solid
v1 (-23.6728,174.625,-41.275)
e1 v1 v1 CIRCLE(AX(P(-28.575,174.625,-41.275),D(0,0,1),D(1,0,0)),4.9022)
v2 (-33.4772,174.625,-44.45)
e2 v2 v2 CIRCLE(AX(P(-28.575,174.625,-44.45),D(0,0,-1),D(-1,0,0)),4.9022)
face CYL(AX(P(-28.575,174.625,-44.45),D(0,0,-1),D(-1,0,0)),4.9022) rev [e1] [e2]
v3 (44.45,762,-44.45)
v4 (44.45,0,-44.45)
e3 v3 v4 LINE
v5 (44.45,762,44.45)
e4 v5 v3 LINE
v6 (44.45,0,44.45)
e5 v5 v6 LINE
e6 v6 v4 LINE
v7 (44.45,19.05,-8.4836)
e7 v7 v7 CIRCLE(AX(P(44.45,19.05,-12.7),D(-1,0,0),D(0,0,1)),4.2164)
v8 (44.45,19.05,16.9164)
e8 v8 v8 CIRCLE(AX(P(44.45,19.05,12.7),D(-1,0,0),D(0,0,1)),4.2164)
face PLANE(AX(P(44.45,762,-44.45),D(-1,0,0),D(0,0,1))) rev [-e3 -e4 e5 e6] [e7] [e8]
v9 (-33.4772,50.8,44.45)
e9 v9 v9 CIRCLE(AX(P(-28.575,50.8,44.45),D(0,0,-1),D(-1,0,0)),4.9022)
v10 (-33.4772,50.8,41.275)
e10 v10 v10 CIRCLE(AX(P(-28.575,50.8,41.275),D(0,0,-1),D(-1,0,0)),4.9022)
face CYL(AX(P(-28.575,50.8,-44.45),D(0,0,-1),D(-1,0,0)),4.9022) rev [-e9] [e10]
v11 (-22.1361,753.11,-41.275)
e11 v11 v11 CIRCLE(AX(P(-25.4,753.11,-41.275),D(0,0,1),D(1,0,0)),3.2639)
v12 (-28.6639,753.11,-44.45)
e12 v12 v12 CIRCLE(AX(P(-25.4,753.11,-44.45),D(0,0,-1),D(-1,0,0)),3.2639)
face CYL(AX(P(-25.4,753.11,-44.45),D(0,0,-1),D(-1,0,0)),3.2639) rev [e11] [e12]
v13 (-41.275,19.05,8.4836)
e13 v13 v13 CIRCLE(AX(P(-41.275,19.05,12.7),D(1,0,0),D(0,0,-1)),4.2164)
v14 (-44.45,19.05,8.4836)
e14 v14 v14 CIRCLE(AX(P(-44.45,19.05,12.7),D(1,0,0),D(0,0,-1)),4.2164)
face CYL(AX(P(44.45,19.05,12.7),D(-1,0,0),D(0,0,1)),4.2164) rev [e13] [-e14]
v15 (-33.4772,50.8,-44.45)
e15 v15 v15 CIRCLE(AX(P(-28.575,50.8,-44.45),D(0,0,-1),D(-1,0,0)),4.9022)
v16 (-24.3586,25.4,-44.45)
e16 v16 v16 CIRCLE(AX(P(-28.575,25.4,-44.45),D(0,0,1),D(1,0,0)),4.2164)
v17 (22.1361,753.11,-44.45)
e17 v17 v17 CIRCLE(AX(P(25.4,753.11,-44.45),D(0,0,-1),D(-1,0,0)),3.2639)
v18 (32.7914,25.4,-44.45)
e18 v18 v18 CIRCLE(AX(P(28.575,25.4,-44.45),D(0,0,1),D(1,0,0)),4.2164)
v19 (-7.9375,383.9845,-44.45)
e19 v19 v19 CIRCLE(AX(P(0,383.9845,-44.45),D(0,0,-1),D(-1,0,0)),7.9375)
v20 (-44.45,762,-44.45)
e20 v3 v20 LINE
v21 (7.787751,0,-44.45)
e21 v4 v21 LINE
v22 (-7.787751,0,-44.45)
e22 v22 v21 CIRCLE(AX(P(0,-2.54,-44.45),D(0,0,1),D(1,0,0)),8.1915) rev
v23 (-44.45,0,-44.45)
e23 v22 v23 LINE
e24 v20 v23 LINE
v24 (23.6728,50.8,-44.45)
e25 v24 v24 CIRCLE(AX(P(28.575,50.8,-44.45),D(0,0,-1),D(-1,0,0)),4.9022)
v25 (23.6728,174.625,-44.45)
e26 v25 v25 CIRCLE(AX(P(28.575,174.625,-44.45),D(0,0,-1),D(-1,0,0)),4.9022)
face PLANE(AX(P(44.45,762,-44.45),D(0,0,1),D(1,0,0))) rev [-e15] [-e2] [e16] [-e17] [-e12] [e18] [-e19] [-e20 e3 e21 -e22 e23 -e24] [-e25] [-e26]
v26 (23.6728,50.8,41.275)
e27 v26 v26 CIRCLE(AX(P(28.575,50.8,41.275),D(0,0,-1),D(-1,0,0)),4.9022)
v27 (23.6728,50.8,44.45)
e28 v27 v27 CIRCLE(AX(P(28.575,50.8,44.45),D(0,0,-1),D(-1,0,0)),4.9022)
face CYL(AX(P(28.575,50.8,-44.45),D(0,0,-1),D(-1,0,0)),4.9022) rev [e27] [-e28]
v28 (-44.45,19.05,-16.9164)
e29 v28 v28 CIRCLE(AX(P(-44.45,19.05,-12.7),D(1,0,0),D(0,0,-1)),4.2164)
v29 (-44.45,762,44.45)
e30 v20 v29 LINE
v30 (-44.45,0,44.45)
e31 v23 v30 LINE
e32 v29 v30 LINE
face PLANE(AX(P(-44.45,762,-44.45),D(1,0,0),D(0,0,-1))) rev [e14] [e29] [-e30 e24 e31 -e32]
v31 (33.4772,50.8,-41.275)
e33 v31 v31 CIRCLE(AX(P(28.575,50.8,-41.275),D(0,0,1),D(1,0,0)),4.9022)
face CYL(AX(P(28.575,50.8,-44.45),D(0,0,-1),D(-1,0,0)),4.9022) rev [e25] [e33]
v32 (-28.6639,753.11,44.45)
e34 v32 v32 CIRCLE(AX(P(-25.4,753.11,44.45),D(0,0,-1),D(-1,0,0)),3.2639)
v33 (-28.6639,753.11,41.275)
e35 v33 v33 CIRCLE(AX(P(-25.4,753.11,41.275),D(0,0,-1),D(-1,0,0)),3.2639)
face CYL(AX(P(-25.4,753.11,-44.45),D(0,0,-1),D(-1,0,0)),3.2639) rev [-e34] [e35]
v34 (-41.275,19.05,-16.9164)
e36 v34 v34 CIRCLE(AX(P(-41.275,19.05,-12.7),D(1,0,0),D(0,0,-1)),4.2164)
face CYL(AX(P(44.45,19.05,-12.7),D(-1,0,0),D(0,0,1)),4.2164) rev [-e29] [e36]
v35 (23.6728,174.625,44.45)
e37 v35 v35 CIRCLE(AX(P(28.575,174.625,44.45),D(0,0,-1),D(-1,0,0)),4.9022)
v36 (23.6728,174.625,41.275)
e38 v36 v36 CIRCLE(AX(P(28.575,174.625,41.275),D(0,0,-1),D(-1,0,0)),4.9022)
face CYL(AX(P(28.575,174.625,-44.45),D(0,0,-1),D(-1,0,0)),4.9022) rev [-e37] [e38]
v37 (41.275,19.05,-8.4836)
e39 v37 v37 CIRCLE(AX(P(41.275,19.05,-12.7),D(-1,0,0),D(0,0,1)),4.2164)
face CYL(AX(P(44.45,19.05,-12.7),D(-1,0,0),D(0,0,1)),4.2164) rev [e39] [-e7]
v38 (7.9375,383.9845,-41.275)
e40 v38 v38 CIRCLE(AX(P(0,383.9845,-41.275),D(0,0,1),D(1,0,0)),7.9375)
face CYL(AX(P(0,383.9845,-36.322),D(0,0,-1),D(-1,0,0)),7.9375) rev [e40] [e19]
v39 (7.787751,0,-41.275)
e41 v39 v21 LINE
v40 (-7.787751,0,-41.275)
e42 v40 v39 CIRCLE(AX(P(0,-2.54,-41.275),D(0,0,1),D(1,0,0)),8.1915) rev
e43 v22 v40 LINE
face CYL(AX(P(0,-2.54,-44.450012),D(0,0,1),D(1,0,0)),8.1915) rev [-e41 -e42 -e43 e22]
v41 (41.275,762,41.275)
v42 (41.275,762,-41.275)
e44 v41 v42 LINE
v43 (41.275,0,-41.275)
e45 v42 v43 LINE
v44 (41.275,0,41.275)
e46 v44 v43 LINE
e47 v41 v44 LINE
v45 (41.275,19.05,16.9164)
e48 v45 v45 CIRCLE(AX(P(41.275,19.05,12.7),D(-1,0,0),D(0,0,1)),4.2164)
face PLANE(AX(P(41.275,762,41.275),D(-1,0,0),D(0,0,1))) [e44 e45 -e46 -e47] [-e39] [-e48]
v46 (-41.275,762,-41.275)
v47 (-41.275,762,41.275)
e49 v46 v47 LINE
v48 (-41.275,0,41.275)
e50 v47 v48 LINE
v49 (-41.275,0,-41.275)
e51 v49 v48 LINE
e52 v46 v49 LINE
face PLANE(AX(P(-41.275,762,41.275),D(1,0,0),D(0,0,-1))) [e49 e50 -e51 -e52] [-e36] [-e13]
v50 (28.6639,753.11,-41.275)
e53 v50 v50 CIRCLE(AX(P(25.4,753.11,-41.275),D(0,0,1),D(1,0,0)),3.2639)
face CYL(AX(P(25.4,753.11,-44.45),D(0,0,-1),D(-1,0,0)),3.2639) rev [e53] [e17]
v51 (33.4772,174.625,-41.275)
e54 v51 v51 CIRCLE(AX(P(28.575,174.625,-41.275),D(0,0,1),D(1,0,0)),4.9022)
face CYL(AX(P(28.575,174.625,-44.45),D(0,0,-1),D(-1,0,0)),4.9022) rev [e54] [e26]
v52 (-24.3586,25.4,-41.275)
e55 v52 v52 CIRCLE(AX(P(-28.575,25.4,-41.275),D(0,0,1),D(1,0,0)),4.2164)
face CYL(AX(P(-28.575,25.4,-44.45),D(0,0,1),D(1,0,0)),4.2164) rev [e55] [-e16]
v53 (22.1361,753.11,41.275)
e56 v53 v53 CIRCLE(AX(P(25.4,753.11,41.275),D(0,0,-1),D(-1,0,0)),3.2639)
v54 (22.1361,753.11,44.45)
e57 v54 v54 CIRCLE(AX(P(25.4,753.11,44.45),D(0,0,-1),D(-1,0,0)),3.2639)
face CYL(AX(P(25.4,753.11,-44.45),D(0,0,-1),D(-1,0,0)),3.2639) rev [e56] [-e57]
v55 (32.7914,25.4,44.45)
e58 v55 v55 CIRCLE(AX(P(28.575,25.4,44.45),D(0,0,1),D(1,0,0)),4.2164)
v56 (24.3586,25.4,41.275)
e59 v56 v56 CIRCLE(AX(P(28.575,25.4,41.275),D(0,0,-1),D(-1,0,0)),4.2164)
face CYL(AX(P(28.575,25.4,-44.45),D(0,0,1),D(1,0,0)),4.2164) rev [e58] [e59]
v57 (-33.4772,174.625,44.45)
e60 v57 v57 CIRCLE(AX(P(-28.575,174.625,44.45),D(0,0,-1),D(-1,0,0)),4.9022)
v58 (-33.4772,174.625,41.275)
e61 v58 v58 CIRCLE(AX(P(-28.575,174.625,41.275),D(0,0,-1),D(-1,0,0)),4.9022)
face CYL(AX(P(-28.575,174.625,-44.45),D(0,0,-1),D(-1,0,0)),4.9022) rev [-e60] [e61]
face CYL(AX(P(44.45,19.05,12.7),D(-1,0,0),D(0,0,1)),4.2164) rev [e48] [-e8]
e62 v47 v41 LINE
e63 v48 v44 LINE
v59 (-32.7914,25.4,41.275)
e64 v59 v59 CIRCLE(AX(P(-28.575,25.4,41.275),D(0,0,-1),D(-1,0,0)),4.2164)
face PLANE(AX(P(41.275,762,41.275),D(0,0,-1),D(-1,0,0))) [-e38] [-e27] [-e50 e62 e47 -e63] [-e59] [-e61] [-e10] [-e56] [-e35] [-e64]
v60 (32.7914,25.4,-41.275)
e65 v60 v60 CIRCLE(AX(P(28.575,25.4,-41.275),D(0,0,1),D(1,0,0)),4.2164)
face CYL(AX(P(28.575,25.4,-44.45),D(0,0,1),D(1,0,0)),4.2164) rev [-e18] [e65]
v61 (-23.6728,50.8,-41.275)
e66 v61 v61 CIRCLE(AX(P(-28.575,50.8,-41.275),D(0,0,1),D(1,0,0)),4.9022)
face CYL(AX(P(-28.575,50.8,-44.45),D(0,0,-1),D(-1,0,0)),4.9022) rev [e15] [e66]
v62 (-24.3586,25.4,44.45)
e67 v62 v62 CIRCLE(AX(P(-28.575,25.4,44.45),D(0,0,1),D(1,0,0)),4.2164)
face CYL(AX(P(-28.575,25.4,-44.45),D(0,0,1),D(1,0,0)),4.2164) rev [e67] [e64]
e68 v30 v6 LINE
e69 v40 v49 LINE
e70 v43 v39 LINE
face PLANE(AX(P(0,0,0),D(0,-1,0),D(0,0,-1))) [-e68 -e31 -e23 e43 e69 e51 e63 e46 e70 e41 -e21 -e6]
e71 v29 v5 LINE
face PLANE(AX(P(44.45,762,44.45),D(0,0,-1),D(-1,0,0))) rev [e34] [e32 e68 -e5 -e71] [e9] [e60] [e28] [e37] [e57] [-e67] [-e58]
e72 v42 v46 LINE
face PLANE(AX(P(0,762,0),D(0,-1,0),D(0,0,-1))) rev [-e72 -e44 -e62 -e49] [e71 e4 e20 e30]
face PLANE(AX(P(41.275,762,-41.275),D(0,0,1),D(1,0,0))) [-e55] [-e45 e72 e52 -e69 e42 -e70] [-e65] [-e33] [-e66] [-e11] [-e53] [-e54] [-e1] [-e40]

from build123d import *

# Parameters (mm, degrees)
SKETCH1_W                      = 88.9
SKETCH1_H                      = 88.9
SKETCH1_W_2                    = 82.55
SKETCH1_H_2                    = 82.55
BOSS_EXTRUDE1_DEPTH            = 762
CUT_EXTRUDE1_DEPTH             = 765.588520055
CUT_EXTRUDE1_DEPTH_BACK        = 765.588520055
SKETCH2_R                      = 4.2164
CUT_EXTRUDE2_DEPTH             = 769.45495151
CUT_EXTRUDE2_DEPTH_BACK        = 769.45495151
SKETCH3_R                      = 8.1915
SKETCH3_R_2                    = 4.2164
CUT_EXTRUDE3_REACH             = 770.455
SKETCH4_R                      = 8.1915
CUT_EXTRUDE3_DIRECTION_2_DEPTH = 769.45495151
F_3_8_CLEARANCE_HOLE2_D        = 9.8044
SKETCH10_R                     = 7.9375
CUT_EXTRUDE4_DEPTH             = 8.128
F_1_4_CLEARANCE_HOLE1_D        = 6.5278


with BuildPart() as part:
    # Sketch1 → Boss-Extrude1 (new body)
    with BuildSketch(Plane(origin=(0, 0, 0), x_dir=(1, 0, 0), z_dir=(0, 1, 0))):
        Rectangle(SKETCH1_W, SKETCH1_H)
        Rectangle(SKETCH1_W_2, SKETCH1_H_2, mode=Mode.SUBTRACT)
    extrude(amount=BOSS_EXTRUDE1_DEPTH)

    # Sketch2 → Cut-Extrude1 (cut, two sides: drawn at the far end of the back side and taken through both)
    with BuildSketch(Plane.XY.offset(-CUT_EXTRUDE1_DEPTH_BACK)):
        with Locations((-28.575, 25.4)):
            Circle(SKETCH2_R)
        with Locations((28.575, 25.4)):
            Circle(SKETCH2_R)
    extrude(amount=CUT_EXTRUDE1_DEPTH + CUT_EXTRUDE1_DEPTH_BACK, mode=Mode.SUBTRACT)

    # Sketch3 → Cut-Extrude2 (cut, two sides: drawn at the far end of the back side and taken through both)
    with BuildSketch(Plane.ZY.offset(44.45).offset(-CUT_EXTRUDE2_DEPTH_BACK)):
        with Locations((0, -13.00951767)):
            Circle(SKETCH3_R)
        with Locations((12.7, 19.05)):
            Circle(SKETCH3_R_2)
        with Locations((-12.7, 19.05)):
            Circle(SKETCH3_R_2)
    extrude(amount=CUT_EXTRUDE2_DEPTH + CUT_EXTRUDE2_DEPTH_BACK, mode=Mode.SUBTRACT)

    # Sketch4 → Cut-Extrude3 (cut, up to next)
    with BuildSketch(Plane(origin=(0, 0, -44.45), x_dir=(-1, 0, 0), z_dir=(0, 0, -1)), mode=Mode.PRIVATE) as cut_extrude3_sk1:
        with Locations((0, -2.54)):
            Circle(SKETCH4_R)
    cut_extrude3_tool1 = extrude(cut_extrude3_sk1.sketch, amount=-CUT_EXTRUDE3_REACH, mode=Mode.PRIVATE) & part.part
    add(cut_extrude3_tool1.solids().sort_by_distance((0, -2.54, -44.45))[0], mode=Mode.SUBTRACT)

    # Sketch4 → Cut-Extrude3 direction 2 (cut)
    with BuildSketch(Plane(origin=(0, 0, -44.45), x_dir=(-1, 0, 0), z_dir=(0, 0, -1))):
        with Locations((0, -2.54)):
            Circle(SKETCH4_R)
    extrude(amount=CUT_EXTRUDE3_DIRECTION_2_DEPTH, mode=Mode.SUBTRACT)

    # 3/8 Clearance Hole2 (through all)
    with Locations(Plane(origin=(28.575, 50.8, -44.45), x_dir=(-1, 0, 0), z_dir=(0, 0, -1))):
        with Locations((0, 0), (57.15, 0), (57.15, 123.825), (0, 123.825)):
            Hole(F_3_8_CLEARANCE_HOLE2_D / 2)

    # Sketch10 → Cut-Extrude4 (cut)
    with BuildSketch(Plane(origin=(0, 0, -44.45), x_dir=(-1, 0, 0), z_dir=(0, 0, -1))):
        with Locations((0, 383.9845)):
            Circle(SKETCH10_R)
    extrude(amount=-CUT_EXTRUDE4_DEPTH, mode=Mode.SUBTRACT)

    # 1/4 Clearance Hole1 (through all)
    with Locations(Plane(origin=(0, 0, -44.45), x_dir=(-1, 0, 0), z_dir=(0, 0, -1))):
        with Locations((25.4, 753.11), (-25.4, 753.11)):
            Hole(F_1_4_CLEARANCE_HOLE1_D / 2)


solid = part.part
